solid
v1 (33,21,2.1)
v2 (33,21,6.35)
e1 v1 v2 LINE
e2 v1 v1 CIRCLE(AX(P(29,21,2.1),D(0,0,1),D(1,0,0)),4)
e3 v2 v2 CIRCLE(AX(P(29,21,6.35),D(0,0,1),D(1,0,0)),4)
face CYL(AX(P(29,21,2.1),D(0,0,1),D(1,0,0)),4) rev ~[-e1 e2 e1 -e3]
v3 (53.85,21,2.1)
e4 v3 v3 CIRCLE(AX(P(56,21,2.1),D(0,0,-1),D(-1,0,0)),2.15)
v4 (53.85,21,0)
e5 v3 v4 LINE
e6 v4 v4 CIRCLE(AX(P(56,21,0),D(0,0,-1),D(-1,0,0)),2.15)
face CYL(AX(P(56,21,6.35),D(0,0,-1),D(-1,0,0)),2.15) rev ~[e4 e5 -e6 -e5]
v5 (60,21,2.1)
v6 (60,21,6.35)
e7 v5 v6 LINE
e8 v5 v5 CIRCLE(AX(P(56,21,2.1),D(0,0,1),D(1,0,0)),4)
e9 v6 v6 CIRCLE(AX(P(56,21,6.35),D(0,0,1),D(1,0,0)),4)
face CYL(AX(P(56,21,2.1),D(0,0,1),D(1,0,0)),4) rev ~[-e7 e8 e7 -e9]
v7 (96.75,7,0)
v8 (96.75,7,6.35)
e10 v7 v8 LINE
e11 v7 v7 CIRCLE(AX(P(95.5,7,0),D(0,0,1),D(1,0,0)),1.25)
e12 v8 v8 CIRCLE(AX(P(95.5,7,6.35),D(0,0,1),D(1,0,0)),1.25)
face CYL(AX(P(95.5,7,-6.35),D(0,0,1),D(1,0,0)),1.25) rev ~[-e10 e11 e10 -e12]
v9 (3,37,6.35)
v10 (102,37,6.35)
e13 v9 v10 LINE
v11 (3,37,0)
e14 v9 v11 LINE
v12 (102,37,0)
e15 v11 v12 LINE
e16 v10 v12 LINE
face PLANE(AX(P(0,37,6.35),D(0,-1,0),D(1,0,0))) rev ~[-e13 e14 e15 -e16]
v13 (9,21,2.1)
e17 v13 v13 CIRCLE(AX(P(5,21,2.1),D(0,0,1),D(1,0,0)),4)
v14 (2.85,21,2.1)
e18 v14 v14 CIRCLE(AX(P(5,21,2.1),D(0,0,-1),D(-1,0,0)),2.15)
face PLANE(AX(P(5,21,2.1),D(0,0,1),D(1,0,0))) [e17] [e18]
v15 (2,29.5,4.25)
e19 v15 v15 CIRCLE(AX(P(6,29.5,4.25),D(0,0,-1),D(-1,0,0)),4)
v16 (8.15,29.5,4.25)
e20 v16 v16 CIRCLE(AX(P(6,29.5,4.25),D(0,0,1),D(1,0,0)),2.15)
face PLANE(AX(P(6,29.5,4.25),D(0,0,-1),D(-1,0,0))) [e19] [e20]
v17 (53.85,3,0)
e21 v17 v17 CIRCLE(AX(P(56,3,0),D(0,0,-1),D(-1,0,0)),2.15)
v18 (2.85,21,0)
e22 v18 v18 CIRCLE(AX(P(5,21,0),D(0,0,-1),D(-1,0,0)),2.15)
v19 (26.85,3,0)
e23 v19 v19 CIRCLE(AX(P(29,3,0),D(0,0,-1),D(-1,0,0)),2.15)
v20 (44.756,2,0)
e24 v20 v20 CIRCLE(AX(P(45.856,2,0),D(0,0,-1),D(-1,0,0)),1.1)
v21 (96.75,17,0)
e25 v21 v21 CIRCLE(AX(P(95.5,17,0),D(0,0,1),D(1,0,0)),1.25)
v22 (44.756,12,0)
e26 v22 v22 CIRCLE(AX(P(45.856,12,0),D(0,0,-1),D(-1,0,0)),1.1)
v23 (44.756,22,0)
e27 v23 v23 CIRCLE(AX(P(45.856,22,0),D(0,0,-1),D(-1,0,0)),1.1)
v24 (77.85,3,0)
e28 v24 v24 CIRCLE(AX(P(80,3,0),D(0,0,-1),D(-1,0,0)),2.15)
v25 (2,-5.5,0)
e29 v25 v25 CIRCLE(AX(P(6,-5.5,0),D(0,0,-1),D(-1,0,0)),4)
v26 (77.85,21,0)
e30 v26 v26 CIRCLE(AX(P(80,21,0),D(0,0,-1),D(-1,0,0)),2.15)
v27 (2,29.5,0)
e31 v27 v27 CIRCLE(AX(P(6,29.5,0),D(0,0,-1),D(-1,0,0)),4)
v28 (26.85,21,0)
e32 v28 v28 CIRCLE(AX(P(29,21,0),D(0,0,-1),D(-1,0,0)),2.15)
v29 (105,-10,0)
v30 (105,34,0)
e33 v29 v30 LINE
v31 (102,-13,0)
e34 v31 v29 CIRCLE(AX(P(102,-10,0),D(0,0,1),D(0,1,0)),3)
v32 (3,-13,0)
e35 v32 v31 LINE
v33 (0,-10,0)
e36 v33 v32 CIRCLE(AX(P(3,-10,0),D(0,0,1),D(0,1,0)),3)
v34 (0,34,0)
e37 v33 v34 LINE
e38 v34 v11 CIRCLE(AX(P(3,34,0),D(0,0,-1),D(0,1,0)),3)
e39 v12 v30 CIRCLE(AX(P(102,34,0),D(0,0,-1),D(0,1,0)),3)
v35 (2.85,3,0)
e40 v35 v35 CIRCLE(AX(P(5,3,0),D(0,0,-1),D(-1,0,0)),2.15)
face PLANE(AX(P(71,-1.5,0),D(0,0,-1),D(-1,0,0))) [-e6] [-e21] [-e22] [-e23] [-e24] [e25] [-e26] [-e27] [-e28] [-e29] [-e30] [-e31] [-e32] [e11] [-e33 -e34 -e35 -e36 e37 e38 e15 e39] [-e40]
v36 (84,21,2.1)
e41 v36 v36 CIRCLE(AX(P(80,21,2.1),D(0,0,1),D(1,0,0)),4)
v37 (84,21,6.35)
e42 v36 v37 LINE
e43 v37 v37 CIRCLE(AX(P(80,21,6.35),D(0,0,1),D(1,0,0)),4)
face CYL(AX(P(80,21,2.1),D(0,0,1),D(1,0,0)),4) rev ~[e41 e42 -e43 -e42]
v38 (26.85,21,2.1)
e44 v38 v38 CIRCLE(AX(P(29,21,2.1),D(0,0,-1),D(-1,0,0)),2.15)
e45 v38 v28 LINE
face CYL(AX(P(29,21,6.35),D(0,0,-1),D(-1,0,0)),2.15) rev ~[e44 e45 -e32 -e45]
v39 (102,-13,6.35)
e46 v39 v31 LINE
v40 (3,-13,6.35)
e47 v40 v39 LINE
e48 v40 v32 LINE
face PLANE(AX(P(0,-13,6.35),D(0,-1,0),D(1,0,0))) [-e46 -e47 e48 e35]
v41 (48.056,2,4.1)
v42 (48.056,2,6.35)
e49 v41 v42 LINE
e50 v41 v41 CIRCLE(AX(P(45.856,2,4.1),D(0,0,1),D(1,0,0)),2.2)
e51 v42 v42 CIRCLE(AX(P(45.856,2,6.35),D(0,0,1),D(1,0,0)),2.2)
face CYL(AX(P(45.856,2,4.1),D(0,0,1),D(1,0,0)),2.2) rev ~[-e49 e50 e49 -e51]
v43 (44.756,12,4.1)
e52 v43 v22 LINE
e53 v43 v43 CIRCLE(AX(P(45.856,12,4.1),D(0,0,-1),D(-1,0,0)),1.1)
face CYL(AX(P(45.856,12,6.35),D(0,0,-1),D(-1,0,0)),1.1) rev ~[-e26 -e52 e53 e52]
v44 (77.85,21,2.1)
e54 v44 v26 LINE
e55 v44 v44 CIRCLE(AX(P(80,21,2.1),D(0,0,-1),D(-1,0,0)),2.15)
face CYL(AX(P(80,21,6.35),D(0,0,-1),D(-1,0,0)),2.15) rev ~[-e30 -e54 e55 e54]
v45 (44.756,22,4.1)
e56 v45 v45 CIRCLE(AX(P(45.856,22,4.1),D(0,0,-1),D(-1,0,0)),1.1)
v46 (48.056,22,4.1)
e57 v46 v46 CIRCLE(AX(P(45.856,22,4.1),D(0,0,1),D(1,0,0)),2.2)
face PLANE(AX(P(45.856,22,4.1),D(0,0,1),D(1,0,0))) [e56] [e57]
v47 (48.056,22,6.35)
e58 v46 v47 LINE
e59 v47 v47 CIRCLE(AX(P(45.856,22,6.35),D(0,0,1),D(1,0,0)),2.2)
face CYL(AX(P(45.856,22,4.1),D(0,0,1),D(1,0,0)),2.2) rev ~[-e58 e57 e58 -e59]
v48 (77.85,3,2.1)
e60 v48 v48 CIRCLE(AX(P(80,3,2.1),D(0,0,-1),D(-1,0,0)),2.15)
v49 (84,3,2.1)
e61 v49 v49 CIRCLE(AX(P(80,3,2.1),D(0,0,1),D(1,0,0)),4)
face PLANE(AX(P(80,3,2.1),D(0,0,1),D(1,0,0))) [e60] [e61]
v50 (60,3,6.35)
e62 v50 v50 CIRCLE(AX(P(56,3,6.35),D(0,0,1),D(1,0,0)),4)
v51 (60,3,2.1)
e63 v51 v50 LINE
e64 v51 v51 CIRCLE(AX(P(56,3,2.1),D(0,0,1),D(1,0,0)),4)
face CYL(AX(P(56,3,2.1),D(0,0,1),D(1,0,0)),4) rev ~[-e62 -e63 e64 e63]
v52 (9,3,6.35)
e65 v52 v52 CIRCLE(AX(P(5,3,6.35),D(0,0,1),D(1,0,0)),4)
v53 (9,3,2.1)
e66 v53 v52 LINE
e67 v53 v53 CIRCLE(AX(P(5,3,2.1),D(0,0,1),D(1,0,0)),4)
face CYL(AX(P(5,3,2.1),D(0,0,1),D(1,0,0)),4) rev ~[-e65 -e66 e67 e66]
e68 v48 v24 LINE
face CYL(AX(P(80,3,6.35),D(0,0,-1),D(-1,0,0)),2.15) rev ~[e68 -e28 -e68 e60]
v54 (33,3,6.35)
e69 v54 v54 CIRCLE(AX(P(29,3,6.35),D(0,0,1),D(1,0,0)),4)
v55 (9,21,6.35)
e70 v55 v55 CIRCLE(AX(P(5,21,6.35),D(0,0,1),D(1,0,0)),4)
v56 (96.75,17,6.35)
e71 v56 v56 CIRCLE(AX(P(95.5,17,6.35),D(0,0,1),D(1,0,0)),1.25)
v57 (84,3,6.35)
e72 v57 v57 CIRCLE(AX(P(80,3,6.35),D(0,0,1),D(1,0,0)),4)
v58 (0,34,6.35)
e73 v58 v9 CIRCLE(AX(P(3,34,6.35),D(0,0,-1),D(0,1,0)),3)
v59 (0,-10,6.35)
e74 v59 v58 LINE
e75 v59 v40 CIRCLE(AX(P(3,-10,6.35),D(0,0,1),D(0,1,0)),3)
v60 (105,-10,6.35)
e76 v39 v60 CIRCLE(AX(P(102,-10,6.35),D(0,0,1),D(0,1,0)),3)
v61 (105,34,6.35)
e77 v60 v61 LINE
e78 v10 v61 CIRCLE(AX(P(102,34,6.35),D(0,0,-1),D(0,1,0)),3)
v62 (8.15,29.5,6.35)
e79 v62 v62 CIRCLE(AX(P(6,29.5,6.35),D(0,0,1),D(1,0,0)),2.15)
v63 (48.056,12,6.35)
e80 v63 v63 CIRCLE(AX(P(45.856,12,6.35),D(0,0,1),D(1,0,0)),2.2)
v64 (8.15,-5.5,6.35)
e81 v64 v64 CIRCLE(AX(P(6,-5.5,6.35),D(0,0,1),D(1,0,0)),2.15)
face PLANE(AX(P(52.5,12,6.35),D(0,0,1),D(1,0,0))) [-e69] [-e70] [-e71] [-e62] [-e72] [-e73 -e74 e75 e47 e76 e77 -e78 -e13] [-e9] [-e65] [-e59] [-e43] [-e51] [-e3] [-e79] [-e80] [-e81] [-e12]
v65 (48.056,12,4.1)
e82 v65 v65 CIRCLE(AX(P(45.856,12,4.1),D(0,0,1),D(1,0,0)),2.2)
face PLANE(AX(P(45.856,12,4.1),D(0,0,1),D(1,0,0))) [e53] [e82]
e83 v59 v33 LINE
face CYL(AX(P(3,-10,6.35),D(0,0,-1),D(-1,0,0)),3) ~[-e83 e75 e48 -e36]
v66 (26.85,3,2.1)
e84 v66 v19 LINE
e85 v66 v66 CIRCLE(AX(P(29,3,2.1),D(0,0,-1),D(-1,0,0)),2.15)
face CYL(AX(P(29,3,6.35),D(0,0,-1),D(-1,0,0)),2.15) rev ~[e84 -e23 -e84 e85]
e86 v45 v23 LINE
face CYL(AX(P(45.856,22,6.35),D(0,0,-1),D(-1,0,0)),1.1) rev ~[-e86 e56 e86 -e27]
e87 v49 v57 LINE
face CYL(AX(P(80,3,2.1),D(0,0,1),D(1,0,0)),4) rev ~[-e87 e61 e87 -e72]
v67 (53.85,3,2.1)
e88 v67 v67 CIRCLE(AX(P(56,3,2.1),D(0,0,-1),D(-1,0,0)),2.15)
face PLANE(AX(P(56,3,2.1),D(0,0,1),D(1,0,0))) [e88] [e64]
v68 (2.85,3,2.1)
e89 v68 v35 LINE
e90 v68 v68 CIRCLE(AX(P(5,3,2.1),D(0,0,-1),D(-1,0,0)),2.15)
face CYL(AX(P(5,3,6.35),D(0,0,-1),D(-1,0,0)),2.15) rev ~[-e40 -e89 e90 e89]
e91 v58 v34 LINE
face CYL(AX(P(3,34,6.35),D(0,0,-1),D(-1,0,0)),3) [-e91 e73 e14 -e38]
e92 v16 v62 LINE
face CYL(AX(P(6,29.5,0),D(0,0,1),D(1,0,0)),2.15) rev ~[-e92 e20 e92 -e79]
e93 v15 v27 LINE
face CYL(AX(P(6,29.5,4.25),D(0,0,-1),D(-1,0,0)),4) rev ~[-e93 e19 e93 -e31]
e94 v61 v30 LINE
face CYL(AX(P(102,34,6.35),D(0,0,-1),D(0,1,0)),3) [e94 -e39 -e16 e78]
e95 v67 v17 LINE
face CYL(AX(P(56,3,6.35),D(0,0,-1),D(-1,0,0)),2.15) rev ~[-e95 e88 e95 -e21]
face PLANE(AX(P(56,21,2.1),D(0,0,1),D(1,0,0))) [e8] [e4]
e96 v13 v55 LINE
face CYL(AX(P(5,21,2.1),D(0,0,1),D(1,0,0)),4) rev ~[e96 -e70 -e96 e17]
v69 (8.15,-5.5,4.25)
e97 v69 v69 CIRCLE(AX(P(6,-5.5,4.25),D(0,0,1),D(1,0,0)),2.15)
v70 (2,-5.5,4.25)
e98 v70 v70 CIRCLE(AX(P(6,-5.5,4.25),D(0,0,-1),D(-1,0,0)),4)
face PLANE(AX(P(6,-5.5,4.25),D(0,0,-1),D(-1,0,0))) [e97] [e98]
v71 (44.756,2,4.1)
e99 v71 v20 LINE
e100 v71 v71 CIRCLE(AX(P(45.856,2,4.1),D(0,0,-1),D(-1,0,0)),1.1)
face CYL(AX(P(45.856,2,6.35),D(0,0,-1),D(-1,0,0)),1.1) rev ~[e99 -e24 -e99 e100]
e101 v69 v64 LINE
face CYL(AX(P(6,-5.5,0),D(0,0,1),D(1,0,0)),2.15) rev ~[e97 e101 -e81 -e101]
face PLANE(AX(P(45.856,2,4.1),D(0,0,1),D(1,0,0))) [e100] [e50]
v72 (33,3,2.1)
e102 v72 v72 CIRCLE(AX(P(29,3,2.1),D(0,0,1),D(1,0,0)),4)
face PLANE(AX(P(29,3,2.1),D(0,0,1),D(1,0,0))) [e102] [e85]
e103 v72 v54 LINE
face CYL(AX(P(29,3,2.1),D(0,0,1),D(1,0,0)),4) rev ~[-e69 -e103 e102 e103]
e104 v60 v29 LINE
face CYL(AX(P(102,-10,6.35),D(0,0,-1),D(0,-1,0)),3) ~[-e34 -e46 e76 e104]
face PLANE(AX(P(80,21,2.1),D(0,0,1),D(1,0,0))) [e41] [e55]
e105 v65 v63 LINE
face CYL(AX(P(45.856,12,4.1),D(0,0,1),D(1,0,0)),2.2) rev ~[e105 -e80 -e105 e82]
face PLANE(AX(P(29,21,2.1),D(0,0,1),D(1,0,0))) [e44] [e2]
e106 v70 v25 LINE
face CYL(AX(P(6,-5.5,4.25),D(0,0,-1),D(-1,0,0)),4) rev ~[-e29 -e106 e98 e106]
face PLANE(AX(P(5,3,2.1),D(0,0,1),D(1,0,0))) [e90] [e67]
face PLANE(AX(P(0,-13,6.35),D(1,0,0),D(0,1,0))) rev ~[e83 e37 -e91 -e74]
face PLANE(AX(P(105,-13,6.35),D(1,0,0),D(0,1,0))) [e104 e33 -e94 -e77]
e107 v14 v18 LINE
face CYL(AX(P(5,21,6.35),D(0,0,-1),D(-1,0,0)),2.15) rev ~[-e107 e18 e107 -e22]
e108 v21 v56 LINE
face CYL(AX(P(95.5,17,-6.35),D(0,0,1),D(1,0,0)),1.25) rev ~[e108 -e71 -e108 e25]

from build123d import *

# Parameters (mm, degrees)
ESBO_O1_W                                            = 105
ESBO_O1_H                                            = 50
RESSALTO_EXTRUS_O1_DEPTH                             = 6.35
FURO_DE_DI_METRO_2_5_2_5_1_D                         = 2.5
FURO_DE_DI_METRO_2_5_2_5_1_DEPTH                     = 6.35
REBAIXO_PARA_PARAFUSO_DE_M_QUINA_DE_CABE_D           = 2.2
REBAIXO_PARA_PARAFUSO_DE_M_QUINA_DE_CABE_DEPTH       = 6.35
REBAIXO_PARA_PARAFUSO_DE_M_QUINA_DE_CABE_CBORE_D     = 4.4
REBAIXO_PARA_PARAFUSO_DE_M_QUINA_DE_CABE_CBORE_DEPTH = 2.25
REBAIXO_PARA_PARAFUSO_DE_M_QUINA_DE_2_D              = 4.3
REBAIXO_PARA_PARAFUSO_DE_M_QUINA_DE_2_CBORE_D        = 8
REBAIXO_PARA_PARAFUSO_DE_M_QUINA_DE_2_CBORE_DEPTH    = 4.25
REBAIXO_PARA_PARAFUSO_DE_M_QUINA_DE_3_D              = 4.3
REBAIXO_PARA_PARAFUSO_DE_M_QUINA_DE_3_DEPTH          = 6.35
REBAIXO_PARA_PARAFUSO_DE_M_QUINA_DE_3_CBORE_D        = 8
REBAIXO_PARA_PARAFUSO_DE_M_QUINA_DE_3_CBORE_DEPTH    = 4.25
FILETE1_R                                            = 3
ESBO_O11_R                                           = 4
RESSALTO_EXTRUS_O2_DEPTH                             = 6.35


with BuildPart() as part:
    # Esboço1 → Ressalto-extrusão1 (new body)
    with BuildSketch(Plane.XY.offset(6.35)):
        with Locations((52.5, 12)):
            Rectangle(ESBO_O1_W, ESBO_O1_H)
    extrude(amount=-RESSALTO_EXTRUS_O1_DEPTH)

    # Furo de diâmetro Ø2.5 (2.5)1
    with Locations(Plane(origin=(0, 0, 0), x_dir=(-1, 0, 0), z_dir=(0, 0, -1))):
        with Locations((-95.5, 17), (-95.5, 7)):
            Hole(FURO_DE_DI_METRO_2_5_2_5_1_D / 2, depth=FURO_DE_DI_METRO_2_5_2_5_1_DEPTH)

    # Rebaixo para parafuso de m_quina de cabe
    with Locations(Plane.XY.offset(6.35)):
        with Locations((45.856, 22), (45.856, 2), (45.856, 12)):
            CounterBoreHole(REBAIXO_PARA_PARAFUSO_DE_M_QUINA_DE_CABE_D / 2, REBAIXO_PARA_PARAFUSO_DE_M_QUINA_DE_CABE_CBORE_D / 2, REBAIXO_PARA_PARAFUSO_DE_M_QUINA_DE_CABE_CBORE_DEPTH, depth=REBAIXO_PARA_PARAFUSO_DE_M_QUINA_DE_CABE_DEPTH)

    # Rebaixo para parafuso de m_quina de  2 (through all)
    with Locations(Plane(origin=(0, 0, 0), x_dir=(-1, 0, 0), z_dir=(0, 0, -1))):
        with Locations((-6, -5.5), (-6, 29.5), (-71, -1.5), (-71, 25.5)):
            CounterBoreHole(REBAIXO_PARA_PARAFUSO_DE_M_QUINA_DE_2_D / 2, REBAIXO_PARA_PARAFUSO_DE_M_QUINA_DE_2_CBORE_D / 2, REBAIXO_PARA_PARAFUSO_DE_M_QUINA_DE_2_CBORE_DEPTH)

    # Rebaixo para parafuso de m_quina de  3
    with Locations(Plane.XY.offset(6.35)):
        with Locations((5, 21), (5, 3), (29, 3), (29, 21), (56, 3), (56, 21), (80, 21), (80, 3)):
            CounterBoreHole(REBAIXO_PARA_PARAFUSO_DE_M_QUINA_DE_3_D / 2, REBAIXO_PARA_PARAFUSO_DE_M_QUINA_DE_3_CBORE_D / 2, REBAIXO_PARA_PARAFUSO_DE_M_QUINA_DE_3_CBORE_DEPTH, depth=REBAIXO_PARA_PARAFUSO_DE_M_QUINA_DE_3_DEPTH)

    # Filete1
    filete1_edges = [part.edges().sort_by_distance(p)[0] for p in [
        (105, 37, 3.175),
        (105, -13, 3.175),
        (0, -13, 3.175),
        (0, 37, 3.175),
    ]]
    fillet(filete1_edges, radius=FILETE1_R)

    # Esboço11 → Ressalto-extrusão2 (add)
    with BuildSketch(Plane(origin=(0, 0, 0), x_dir=(-1, 0, 0), z_dir=(0, 0, -1))):
        with Locations((-71, -1.5)):
            Circle(ESBO_O11_R)
        with Locations((-71, 25.5)):
            Circle(ESBO_O11_R)
    extrude(amount=-RESSALTO_EXTRUS_O2_DEPTH)


solid = part.part
